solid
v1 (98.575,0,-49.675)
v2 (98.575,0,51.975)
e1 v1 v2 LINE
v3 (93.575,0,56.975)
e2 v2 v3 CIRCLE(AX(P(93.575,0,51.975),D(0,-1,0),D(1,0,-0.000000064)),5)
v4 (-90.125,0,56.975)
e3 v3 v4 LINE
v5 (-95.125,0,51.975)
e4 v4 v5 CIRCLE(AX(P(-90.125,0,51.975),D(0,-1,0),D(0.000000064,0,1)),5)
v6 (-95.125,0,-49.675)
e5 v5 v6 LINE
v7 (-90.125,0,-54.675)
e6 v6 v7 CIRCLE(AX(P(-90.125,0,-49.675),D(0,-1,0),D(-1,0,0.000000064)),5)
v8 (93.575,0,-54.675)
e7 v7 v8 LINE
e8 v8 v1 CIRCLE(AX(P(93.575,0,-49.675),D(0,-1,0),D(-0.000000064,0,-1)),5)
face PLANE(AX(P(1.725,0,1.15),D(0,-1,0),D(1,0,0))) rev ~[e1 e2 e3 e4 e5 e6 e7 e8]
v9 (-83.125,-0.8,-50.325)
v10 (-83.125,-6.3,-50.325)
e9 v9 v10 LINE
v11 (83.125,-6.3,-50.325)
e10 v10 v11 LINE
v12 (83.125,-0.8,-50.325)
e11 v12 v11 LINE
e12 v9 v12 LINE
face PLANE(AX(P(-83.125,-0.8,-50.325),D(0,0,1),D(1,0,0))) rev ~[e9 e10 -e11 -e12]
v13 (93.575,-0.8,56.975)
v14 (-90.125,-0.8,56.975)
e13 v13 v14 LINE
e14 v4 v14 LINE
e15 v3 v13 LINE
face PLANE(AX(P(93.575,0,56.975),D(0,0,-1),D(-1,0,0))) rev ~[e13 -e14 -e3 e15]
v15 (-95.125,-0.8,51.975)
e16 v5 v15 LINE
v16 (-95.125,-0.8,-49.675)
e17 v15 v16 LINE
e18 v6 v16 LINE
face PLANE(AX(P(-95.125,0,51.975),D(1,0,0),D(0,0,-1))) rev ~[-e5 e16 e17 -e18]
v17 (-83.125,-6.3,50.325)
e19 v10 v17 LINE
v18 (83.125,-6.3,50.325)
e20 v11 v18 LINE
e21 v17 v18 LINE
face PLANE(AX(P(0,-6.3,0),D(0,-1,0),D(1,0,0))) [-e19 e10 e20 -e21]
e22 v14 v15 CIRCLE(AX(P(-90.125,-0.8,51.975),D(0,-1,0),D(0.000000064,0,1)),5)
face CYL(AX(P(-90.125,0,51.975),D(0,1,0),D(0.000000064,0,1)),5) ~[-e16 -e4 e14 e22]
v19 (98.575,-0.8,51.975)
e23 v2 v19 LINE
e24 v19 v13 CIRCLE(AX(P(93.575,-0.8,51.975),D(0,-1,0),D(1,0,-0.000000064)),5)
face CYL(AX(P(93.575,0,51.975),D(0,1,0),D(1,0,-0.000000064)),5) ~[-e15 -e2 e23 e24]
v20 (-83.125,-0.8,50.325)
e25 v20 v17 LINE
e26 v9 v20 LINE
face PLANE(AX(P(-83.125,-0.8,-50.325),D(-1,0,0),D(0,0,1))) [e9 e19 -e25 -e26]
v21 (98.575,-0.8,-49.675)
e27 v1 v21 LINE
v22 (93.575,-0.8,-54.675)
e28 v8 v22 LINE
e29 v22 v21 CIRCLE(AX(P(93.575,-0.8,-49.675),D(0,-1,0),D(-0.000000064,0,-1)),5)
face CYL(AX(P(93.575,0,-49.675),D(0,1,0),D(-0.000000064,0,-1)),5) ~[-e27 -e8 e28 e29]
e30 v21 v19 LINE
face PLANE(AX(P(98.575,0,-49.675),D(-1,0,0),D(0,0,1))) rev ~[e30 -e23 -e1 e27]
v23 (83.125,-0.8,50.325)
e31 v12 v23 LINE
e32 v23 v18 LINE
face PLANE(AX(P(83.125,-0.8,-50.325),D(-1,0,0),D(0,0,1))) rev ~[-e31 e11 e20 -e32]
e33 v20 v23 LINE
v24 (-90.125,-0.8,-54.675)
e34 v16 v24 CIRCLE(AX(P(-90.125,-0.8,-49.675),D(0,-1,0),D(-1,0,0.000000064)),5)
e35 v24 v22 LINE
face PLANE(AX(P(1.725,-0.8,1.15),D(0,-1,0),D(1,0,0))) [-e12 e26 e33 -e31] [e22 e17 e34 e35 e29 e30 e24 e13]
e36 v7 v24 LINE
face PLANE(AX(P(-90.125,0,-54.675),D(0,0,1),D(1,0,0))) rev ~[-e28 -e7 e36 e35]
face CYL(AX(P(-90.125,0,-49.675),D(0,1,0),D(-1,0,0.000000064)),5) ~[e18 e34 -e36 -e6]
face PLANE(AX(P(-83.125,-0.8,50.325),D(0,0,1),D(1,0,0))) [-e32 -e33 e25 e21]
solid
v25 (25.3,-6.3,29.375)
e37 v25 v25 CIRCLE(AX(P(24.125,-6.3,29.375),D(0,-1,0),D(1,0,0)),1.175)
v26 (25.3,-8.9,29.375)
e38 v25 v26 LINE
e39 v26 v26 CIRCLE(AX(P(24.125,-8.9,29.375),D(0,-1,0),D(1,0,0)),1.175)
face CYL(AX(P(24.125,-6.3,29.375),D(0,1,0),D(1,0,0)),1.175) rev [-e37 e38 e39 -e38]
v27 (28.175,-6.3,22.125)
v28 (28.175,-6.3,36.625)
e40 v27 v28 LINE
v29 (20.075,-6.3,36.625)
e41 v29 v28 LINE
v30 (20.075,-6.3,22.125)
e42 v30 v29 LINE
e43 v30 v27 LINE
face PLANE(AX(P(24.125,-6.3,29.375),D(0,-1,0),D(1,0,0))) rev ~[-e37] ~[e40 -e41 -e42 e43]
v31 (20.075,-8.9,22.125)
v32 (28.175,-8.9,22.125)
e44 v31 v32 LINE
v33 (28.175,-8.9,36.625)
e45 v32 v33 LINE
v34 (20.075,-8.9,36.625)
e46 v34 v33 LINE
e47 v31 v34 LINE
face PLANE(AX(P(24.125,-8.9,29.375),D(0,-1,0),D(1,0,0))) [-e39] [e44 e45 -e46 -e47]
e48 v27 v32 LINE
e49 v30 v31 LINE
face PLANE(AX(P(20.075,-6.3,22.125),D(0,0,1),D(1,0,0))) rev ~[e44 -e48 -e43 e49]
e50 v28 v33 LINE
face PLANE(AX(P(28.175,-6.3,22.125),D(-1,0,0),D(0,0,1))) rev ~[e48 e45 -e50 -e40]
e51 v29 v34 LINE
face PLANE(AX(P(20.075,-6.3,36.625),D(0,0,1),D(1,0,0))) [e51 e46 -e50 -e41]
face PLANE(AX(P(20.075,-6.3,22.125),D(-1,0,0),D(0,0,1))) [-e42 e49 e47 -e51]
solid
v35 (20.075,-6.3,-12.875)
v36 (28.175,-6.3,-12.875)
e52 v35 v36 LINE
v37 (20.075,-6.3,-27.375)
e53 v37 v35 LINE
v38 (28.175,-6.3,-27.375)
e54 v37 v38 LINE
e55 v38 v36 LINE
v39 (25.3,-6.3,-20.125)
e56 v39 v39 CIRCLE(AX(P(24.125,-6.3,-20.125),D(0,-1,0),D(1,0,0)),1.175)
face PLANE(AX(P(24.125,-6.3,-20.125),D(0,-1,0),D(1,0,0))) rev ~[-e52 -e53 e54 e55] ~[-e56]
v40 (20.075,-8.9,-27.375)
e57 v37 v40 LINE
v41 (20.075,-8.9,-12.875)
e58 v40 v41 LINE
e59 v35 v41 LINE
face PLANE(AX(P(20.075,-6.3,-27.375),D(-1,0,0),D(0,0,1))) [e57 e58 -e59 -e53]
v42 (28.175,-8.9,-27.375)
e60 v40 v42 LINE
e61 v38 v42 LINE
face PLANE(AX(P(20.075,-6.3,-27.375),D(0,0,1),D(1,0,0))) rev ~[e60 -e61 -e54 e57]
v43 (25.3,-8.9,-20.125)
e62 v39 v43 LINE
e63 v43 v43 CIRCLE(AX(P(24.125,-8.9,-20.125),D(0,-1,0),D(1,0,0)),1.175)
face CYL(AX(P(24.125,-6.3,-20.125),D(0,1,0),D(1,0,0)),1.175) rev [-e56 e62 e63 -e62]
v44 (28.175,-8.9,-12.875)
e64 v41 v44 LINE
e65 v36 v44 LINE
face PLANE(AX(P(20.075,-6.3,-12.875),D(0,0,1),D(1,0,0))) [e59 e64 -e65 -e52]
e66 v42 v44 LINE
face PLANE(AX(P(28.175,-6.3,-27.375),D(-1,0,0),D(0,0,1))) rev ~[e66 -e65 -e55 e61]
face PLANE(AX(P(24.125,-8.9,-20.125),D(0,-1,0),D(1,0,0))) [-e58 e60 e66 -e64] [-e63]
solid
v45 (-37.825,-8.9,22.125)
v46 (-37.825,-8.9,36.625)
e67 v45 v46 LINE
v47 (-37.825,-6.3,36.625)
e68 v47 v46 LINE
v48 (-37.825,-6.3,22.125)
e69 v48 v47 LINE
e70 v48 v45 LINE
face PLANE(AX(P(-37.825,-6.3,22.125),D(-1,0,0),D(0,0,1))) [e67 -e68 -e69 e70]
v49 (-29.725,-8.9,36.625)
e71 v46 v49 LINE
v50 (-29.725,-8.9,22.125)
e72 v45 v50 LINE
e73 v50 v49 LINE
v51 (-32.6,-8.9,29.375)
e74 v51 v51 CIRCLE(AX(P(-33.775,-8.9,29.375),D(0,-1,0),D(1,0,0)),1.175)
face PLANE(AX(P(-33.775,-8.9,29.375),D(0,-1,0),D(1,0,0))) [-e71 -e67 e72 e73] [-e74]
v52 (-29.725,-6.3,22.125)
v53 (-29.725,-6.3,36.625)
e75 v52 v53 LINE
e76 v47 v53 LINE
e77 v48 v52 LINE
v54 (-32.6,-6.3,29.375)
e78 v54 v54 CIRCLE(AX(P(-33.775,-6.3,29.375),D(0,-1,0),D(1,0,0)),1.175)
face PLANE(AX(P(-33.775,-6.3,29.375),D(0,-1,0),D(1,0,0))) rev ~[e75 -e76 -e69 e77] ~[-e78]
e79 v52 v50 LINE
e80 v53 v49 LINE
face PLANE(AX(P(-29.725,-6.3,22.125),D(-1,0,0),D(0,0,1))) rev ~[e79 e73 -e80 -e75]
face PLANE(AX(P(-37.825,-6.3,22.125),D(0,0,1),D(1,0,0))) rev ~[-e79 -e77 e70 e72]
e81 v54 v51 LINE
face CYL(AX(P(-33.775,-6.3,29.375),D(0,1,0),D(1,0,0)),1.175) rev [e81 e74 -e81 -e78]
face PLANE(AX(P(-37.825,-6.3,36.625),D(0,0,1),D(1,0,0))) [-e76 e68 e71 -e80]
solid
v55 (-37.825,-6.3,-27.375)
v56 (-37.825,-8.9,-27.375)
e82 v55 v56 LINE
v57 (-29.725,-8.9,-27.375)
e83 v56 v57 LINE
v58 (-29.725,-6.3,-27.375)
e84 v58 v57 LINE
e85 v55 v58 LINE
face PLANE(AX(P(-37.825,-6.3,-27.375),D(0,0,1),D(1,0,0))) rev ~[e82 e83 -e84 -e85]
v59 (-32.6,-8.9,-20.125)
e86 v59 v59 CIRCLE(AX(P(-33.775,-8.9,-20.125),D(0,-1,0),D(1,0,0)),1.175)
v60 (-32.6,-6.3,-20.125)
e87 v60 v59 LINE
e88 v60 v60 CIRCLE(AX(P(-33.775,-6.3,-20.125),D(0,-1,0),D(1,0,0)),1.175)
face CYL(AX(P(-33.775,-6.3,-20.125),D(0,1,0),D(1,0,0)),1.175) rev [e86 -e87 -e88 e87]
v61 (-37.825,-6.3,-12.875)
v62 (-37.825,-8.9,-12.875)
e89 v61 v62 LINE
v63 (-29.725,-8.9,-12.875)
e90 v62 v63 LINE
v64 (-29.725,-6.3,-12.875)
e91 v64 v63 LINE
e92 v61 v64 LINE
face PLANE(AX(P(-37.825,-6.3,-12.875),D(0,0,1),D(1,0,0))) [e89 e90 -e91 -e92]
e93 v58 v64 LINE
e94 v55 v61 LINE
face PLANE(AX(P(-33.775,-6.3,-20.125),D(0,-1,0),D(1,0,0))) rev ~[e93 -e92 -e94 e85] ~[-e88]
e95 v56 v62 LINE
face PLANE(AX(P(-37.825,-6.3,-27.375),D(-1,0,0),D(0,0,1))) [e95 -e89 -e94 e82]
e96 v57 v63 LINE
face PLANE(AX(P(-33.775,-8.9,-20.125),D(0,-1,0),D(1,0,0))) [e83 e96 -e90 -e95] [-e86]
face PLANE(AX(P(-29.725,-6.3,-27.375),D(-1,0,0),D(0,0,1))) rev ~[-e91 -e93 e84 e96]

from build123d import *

# Parameters (mm, degrees)
F1_DEPTH = 0.8
F2_W     = 166.25
F2_H     = 100.65
F3_DEPTH = 5.5
F4_W     = 8.1
F4_H     = 14.5
F4_R     = 1.175
F5_DEPTH = 2.6


with BuildPart() as f1:
    # F0 (on Front) → F1 (new body)
    with BuildSketch(Plane.XZ):
        with BuildLine():
            Line((-95.125, 51.975), (-95.125, 0))
            Line((-95.125, 0), (-95.125, -49.675))
            ThreePointArc((-95.125, -49.675), (-93.660534, -53.210534), (-90.125, -54.675))
            Line((-90.125, -54.675), (93.575, -54.675))
            ThreePointArc((93.575, -54.675), (97.110534, -53.210534), (98.575, -49.675))
            Line((98.575, -49.675), (98.575, 0))
            Line((98.575, 0), (98.575, 51.975))
            ThreePointArc((98.575, 51.975), (97.110534, 55.510534), (93.575, 56.975))
            Line((93.575, 56.975), (-90.125, 56.975))
            ThreePointArc((-90.125, 56.975), (-93.660534, 55.510534), (-95.125, 51.975))
        make_face()
    extrude(amount=F1_DEPTH)

    # F2 (on face) → F3 (join)
    with BuildSketch(Plane.XZ.offset(0.8)):
        Rectangle(F2_W, F2_H)
    extrude(amount=F3_DEPTH)


with BuildPart() as f5:
    # F4 (on face) → F5 (new body)
    with BuildSketch(Plane.XZ.offset(6.3)):
        with Locations((-33.775, 29.375)):
            Rectangle(F4_W, F4_H)
        with Locations((-33.775, 29.375)):
            Circle(F4_R, mode=Mode.SUBTRACT)
        with Locations((24.125, 29.375)):
            Rectangle(F4_W, F4_H)
        with Locations((24.125, 29.375)):
            Circle(F4_R, mode=Mode.SUBTRACT)
        with Locations((24.125, -20.125)):
            Rectangle(F4_W, F4_H)
        with Locations((24.125, -20.125)):
            Circle(F4_R, mode=Mode.SUBTRACT)
        with Locations((-33.775, -20.125)):
            Rectangle(F4_W, F4_H)
        with Locations((-33.775, -20.125)):
            Circle(F4_R, mode=Mode.SUBTRACT)
    extrude(amount=F5_DEPTH)


solid = Compound([f1.part, f5.part])
